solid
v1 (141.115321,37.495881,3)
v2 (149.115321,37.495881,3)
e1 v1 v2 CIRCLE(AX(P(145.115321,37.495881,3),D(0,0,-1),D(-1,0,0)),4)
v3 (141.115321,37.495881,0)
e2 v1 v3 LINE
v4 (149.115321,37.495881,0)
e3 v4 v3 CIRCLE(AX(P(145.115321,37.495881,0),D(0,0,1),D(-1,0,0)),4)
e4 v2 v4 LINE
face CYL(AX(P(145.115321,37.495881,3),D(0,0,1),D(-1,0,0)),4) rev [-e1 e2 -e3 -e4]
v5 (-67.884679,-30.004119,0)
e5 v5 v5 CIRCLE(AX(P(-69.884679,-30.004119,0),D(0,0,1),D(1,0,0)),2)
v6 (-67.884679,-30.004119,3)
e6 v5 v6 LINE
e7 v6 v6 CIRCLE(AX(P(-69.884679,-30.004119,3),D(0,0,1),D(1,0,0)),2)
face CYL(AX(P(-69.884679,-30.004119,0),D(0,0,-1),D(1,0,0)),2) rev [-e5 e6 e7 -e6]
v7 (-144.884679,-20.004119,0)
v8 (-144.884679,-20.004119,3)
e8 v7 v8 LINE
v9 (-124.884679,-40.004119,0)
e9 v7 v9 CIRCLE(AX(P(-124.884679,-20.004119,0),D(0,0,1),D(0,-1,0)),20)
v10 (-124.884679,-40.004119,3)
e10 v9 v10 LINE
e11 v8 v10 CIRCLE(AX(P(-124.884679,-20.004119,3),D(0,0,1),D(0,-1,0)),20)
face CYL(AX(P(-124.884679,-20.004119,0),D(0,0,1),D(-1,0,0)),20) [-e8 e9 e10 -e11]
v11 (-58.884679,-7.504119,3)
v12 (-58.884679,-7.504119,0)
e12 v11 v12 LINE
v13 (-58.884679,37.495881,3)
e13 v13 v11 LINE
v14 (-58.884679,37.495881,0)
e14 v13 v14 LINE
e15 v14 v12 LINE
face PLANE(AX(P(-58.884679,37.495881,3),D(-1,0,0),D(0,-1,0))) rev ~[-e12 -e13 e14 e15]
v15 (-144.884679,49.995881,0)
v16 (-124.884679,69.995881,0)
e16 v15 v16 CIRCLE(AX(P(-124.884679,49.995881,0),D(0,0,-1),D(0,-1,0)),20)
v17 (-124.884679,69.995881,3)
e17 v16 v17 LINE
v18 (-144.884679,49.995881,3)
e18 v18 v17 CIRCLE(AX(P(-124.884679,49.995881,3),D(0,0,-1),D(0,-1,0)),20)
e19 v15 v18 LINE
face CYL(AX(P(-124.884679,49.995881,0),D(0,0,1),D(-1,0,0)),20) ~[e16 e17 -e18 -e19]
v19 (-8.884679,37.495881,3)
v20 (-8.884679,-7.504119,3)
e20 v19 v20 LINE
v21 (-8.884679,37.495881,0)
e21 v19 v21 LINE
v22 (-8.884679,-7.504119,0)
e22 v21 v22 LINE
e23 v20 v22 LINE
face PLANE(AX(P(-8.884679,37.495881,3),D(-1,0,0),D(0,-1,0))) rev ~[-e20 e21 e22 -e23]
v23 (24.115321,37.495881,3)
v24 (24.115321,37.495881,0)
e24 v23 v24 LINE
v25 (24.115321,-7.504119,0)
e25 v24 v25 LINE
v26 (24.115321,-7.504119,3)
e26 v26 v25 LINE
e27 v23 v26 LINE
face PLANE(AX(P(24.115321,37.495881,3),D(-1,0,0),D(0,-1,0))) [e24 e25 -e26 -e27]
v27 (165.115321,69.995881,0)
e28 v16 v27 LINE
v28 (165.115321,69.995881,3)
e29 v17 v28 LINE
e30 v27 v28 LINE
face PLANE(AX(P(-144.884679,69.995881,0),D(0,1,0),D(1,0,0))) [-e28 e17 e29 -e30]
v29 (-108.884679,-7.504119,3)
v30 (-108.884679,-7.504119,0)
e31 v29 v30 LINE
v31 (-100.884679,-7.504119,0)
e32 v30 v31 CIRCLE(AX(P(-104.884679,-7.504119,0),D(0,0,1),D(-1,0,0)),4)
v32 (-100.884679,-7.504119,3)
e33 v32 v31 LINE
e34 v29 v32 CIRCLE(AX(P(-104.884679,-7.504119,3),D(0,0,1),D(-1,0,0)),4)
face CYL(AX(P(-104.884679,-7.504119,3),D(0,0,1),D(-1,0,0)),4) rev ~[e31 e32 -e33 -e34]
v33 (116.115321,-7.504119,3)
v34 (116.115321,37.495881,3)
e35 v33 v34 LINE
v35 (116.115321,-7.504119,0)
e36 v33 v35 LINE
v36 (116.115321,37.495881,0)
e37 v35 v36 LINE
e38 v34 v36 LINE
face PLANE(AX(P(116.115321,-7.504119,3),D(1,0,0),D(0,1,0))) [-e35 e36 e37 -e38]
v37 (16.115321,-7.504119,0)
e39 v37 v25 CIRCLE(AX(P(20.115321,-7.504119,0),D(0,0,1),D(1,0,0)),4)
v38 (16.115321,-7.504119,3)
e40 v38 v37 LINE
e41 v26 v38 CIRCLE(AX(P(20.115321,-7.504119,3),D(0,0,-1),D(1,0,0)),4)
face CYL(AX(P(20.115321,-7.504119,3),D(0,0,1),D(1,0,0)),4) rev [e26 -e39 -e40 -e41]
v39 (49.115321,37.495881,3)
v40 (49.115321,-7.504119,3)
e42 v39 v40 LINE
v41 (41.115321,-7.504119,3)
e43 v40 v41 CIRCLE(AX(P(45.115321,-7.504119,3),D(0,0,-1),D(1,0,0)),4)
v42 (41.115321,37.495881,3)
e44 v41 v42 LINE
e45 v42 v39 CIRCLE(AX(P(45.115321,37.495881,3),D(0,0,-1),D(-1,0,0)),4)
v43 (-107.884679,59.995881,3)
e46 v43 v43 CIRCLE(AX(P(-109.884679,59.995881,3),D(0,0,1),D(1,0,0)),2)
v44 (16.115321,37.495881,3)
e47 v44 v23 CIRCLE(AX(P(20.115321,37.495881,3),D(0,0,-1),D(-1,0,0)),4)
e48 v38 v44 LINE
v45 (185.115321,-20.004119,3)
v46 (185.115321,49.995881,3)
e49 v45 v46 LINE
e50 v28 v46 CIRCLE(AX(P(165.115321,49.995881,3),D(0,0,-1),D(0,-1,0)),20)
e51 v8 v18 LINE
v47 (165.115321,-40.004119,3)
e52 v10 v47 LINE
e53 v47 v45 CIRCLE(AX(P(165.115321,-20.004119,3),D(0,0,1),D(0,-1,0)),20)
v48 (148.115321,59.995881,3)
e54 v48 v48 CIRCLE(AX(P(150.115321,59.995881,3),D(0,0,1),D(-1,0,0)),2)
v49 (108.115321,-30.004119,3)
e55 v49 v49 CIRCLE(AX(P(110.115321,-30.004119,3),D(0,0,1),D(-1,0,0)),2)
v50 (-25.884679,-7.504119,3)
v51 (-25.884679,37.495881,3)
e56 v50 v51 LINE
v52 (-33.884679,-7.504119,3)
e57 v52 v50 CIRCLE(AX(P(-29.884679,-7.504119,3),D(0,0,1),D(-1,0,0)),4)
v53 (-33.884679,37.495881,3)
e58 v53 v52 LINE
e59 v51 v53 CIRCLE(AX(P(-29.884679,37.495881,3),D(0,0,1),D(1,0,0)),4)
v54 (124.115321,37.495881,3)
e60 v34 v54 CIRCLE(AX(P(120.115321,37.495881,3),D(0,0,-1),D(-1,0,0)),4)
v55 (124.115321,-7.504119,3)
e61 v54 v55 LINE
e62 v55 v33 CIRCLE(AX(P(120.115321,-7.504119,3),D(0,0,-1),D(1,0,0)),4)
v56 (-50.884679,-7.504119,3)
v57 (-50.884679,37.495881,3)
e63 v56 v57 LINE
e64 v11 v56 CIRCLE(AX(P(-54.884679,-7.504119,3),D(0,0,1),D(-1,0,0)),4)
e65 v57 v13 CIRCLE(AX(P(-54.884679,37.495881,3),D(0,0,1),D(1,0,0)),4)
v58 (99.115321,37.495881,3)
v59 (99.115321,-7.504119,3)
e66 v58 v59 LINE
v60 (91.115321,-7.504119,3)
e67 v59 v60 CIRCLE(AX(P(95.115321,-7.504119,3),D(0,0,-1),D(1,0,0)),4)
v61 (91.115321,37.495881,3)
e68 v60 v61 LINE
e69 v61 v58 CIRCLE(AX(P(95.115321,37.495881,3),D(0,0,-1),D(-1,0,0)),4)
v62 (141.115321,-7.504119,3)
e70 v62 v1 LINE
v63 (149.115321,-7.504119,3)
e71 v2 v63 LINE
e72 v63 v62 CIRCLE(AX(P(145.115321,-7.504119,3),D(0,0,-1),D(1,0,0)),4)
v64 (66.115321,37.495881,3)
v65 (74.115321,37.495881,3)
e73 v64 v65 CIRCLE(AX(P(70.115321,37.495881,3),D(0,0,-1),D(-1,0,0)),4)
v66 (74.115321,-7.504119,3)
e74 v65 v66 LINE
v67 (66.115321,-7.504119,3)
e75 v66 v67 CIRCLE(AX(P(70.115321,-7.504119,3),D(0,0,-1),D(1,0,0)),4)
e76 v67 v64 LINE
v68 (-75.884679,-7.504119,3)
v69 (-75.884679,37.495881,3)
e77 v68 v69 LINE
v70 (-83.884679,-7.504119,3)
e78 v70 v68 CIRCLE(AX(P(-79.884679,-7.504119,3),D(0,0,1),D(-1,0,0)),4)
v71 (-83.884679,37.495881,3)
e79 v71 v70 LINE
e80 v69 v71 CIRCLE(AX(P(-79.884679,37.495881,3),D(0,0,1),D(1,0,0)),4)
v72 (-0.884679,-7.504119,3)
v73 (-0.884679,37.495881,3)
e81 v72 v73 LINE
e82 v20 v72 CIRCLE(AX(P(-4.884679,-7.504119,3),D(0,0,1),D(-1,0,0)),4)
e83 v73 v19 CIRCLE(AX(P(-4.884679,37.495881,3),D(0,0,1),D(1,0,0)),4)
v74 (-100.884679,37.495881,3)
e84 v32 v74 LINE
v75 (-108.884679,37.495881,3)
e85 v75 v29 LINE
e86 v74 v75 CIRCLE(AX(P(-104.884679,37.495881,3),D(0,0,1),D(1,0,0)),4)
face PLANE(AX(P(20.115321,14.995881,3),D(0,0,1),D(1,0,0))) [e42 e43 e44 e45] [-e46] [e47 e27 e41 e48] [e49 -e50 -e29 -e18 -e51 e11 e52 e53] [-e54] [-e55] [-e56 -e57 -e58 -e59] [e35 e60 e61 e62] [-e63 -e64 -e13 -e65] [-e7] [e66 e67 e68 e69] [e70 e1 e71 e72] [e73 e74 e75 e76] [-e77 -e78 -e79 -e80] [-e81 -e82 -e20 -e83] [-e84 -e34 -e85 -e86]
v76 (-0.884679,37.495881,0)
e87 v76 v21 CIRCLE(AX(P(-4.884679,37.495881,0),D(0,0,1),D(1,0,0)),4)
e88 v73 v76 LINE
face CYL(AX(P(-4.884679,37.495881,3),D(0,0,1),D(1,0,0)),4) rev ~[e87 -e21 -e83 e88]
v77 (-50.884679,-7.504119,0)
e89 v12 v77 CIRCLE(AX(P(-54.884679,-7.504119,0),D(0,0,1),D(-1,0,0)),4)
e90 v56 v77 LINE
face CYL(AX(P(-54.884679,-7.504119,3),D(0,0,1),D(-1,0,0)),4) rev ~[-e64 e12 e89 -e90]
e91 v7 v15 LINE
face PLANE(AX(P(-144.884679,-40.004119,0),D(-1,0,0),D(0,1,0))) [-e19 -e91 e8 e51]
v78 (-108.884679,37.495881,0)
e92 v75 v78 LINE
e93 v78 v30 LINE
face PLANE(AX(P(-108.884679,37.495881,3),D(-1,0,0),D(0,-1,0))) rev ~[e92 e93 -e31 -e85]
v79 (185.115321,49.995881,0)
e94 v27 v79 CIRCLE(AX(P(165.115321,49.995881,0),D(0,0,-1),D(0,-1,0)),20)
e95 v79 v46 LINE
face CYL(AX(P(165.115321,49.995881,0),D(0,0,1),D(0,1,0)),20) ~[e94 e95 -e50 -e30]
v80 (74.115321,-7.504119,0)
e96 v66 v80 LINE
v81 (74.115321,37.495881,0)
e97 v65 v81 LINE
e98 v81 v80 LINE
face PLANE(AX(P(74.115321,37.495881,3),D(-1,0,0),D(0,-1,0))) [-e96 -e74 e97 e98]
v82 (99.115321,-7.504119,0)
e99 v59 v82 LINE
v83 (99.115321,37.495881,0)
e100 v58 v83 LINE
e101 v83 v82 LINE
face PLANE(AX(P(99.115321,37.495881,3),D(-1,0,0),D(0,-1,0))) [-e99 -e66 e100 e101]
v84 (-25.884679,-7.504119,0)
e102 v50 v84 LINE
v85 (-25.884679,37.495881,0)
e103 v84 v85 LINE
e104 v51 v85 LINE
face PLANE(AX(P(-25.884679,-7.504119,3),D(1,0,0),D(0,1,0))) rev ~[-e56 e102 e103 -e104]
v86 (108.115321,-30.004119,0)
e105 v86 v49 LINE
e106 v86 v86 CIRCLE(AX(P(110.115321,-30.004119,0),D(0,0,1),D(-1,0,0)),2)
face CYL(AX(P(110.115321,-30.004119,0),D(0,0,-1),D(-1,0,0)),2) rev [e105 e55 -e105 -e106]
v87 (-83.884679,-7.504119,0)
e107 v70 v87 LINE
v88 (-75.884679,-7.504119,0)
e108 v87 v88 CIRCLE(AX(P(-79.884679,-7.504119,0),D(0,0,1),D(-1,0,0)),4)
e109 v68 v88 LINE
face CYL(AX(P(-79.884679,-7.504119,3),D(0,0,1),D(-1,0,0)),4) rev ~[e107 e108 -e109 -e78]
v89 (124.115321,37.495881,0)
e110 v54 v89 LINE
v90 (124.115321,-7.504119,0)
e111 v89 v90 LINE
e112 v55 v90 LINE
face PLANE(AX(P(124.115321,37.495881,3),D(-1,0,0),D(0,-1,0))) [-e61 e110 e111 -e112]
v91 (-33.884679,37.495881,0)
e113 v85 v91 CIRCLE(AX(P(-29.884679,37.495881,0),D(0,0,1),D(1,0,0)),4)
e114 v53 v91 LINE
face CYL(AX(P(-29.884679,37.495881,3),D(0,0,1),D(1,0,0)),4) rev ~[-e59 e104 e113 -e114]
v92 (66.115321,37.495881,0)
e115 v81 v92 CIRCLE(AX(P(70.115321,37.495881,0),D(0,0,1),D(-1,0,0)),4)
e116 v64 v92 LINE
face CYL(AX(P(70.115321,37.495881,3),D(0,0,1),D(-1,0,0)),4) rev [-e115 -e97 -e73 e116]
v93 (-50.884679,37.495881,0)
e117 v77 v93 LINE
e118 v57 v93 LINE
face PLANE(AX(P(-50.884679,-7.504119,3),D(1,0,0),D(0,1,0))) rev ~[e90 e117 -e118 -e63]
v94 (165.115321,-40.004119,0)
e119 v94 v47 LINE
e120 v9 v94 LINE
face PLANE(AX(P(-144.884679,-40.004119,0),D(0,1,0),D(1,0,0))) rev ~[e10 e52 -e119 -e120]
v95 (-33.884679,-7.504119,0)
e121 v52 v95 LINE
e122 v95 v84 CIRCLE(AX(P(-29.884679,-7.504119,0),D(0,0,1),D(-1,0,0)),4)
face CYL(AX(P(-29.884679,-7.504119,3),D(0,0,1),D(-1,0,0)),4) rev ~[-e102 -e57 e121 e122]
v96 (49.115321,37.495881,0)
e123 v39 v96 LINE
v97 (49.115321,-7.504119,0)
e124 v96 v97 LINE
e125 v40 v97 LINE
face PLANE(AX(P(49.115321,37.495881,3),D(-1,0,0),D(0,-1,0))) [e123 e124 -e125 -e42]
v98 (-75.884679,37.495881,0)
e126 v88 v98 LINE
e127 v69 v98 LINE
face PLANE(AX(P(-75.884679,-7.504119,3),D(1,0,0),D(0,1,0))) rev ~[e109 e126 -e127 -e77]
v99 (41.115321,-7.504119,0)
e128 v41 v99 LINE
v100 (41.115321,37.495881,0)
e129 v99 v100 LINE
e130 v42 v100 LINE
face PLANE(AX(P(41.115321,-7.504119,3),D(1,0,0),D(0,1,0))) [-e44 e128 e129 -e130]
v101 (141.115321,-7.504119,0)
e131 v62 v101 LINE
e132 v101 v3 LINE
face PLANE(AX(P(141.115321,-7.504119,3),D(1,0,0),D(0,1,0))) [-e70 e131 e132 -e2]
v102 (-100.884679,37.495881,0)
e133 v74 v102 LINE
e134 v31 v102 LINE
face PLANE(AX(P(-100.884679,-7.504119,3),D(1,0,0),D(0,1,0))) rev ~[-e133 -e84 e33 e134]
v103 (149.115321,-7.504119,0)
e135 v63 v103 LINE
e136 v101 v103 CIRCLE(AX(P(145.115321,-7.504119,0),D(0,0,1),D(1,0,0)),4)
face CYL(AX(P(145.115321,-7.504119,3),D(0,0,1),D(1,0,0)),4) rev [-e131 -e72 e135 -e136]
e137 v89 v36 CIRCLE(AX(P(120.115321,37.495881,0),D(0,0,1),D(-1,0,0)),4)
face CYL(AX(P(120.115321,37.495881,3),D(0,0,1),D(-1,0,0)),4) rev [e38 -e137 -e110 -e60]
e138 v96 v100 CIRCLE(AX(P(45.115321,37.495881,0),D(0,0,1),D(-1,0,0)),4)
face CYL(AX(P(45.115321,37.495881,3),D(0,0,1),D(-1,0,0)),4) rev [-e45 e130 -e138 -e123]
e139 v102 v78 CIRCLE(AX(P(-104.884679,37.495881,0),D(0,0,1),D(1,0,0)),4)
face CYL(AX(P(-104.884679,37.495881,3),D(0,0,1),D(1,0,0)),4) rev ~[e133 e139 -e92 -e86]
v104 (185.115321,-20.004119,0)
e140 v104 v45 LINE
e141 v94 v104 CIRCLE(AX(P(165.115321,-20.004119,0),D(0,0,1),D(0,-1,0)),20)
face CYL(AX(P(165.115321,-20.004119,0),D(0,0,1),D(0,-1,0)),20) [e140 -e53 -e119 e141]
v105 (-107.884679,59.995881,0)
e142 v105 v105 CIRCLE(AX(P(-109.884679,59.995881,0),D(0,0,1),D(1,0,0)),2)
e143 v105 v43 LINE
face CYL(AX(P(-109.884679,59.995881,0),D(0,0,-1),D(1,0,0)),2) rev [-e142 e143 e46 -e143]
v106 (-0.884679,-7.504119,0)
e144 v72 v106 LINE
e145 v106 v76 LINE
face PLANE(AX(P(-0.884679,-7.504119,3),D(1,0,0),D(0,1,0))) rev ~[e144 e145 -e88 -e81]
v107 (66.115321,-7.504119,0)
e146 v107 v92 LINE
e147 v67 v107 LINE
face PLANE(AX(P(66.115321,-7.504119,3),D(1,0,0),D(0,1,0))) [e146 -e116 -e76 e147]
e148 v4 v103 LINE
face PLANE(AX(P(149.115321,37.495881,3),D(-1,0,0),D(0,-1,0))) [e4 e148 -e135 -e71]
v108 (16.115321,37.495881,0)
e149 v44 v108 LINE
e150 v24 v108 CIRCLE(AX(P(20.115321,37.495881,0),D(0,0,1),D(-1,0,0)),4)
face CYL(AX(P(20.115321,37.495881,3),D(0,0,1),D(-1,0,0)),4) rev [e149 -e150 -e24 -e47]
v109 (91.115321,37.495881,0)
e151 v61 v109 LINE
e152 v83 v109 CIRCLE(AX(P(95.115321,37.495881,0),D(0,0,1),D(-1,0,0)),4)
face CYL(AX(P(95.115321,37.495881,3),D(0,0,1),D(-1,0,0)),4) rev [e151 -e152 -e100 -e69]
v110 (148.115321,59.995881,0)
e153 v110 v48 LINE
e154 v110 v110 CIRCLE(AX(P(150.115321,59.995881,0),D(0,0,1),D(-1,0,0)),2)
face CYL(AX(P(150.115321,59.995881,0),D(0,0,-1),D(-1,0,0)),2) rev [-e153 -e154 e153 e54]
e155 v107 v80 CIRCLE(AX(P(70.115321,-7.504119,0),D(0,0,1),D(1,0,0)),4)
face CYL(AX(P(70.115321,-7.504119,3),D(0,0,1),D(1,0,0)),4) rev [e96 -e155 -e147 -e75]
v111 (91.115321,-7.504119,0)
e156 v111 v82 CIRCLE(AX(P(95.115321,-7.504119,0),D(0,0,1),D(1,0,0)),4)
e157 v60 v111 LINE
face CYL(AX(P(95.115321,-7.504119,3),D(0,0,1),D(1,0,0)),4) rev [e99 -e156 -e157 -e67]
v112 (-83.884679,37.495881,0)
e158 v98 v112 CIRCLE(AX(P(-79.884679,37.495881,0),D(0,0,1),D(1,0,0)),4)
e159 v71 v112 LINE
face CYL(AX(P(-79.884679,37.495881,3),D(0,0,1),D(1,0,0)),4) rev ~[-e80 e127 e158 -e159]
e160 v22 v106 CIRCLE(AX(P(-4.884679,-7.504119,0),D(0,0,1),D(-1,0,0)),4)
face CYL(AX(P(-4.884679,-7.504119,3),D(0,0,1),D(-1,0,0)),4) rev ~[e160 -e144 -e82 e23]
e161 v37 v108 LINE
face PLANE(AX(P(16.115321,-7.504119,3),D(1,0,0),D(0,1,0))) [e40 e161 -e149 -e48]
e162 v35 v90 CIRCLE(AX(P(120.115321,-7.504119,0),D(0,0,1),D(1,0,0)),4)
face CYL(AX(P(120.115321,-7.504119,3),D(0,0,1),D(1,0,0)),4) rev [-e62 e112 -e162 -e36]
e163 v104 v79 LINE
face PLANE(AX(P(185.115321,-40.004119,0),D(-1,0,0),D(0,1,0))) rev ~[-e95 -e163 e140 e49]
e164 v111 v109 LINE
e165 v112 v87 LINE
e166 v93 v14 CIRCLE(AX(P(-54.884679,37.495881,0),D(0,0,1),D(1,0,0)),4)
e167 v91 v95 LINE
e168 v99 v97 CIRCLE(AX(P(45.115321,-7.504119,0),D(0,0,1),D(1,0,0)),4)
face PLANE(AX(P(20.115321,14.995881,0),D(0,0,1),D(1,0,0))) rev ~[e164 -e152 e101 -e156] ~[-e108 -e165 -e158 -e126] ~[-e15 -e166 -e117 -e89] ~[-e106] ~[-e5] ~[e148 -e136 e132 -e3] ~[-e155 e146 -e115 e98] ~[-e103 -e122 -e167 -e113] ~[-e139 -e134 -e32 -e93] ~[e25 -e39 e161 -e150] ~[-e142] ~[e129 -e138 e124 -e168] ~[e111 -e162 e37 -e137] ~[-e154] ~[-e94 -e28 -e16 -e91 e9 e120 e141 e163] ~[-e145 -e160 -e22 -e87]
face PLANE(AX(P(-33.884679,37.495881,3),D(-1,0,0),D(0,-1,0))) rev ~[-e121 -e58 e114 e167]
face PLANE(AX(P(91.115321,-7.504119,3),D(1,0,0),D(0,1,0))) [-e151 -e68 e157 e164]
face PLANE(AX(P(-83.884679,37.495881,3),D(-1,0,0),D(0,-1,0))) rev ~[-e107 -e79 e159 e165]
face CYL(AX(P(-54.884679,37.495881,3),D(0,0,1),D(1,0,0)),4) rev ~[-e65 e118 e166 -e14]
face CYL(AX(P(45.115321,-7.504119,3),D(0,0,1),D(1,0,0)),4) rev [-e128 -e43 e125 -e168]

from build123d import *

# Parameters (mm, degrees)
SKETCH_2_W          = 330
SKETCH_2_H          = 110
SKETCH_2_R          = 2
EXTRUDE_1_DEPTH     = 3
CUT_EXTRUDE_1_DEPTH = 198.929546993
FILLET_1_R          = 20


with BuildPart() as part:
    # 草图2 → 凸台-拉伸1 (new body)
    with BuildSketch(Plane.XY):
        with Locations((20.115321252, 14.995881384)):
            Rectangle(SKETCH_2_W, SKETCH_2_H)
        with Locations((-109.884678748, 59.995881384)):
            Circle(SKETCH_2_R, mode=Mode.SUBTRACT)
        with Locations(Location((150.115321252, 59.995881384, 0), (0, 0, 180))):
            Circle(SKETCH_2_R, mode=Mode.SUBTRACT)
        with Locations((-69.884678748, -30.004118616)):
            Circle(SKETCH_2_R, mode=Mode.SUBTRACT)
        with Locations(Location((110.115321252, -30.004118616, 0), (0, 0, 180))):
            Circle(SKETCH_2_R, mode=Mode.SUBTRACT)
    extrude(amount=EXTRUDE_1_DEPTH)

    # 草图3 → 切除-拉伸1 (cut, through all)
    with BuildSketch(Plane.XY.offset(3)):
        with BuildLine():
            Line((16.115321252, -7.504118616), (16.115321252, 37.495881384))
            ThreePointArc((16.115321252, 37.495881384), (20.115321252, 41.495881384), (24.115321252, 37.495881384))
            Line((24.115321252, 37.495881384), (24.115321252, -7.504118616))
            ThreePointArc((24.115321252, -7.504118616), (20.115321252, -11.504118616), (16.115321252, -7.504118616))
        make_face()
        with BuildLine():
            Line((41.115321252, -7.504118616), (41.115321252, 37.495881384))
            ThreePointArc((41.115321252, 37.495881384), (45.115321252, 41.495881384), (49.115321252, 37.495881384))
            Line((49.115321252, 37.495881384), (49.115321252, -7.504118616))
            ThreePointArc((49.115321252, -7.504118616), (45.115321252, -11.504118616), (41.115321252, -7.504118616))
        make_face()
        with BuildLine():
            Line((66.115321252, -7.504118616), (66.115321252, 37.495881384))
            ThreePointArc((66.115321252, 37.495881384), (70.115321252, 41.495881384), (74.115321252, 37.495881384))
            Line((74.115321252, 37.495881384), (74.115321252, -7.504118616))
            ThreePointArc((74.115321252, -7.504118616), (70.115321252, -11.504118616), (66.115321252, -7.504118616))
        make_face()
        with BuildLine():
            Line((91.115321252, -7.504118616), (91.115321252, 37.495881384))
            ThreePointArc((91.115321252, 37.495881384), (95.115321252, 41.495881384), (99.115321252, 37.495881384))
            Line((99.115321252, 37.495881384), (99.115321252, -7.504118616))
            ThreePointArc((99.115321252, -7.504118616), (95.115321252, -11.504118616), (91.115321252, -7.504118616))
        make_face()
        with BuildLine():
            Line((116.115321252, -7.504118616), (116.115321252, 37.495881384))
            ThreePointArc((116.115321252, 37.495881384), (120.115321252, 41.495881384), (124.115321252, 37.495881384))
            Line((124.115321252, 37.495881384), (124.115321252, -7.504118616))
            ThreePointArc((124.115321252, -7.504118616), (120.115321252, -11.504118616), (116.115321252, -7.504118616))
        make_face()
        with BuildLine():
            Line((141.115321252, -7.504118616), (141.115321252, 37.495881384))
            ThreePointArc((141.115321252, 37.495881384), (145.115321252, 41.495881384), (149.115321252, 37.495881384))
            Line((149.115321252, 37.495881384), (149.115321252, -7.504118616))
            ThreePointArc((149.115321252, -7.504118616), (145.115321252, -11.504118616), (141.115321252, -7.504118616))
        make_face()
        with BuildLine():
            Line((-0.884678748, -7.504118616), (-0.884678748, 37.495881384))
            ThreePointArc((-0.884678748, 37.495881384), (-4.884678748, 41.495881384), (-8.884678748, 37.495881384))
            Line((-8.884678748, 37.495881384), (-8.884678748, -7.504118616))
            ThreePointArc((-8.884678748, -7.504118616), (-4.884678748, -11.504118616), (-0.884678748, -7.504118616))
        make_face()
        with BuildLine():
            Line((-25.884678748, -7.504118616), (-25.884678748, 37.495881384))
            ThreePointArc((-25.884678748, 37.495881384), (-29.884678748, 41.495881384), (-33.884678748, 37.495881384))
            Line((-33.884678748, 37.495881384), (-33.884678748, -7.504118616))
            ThreePointArc((-33.884678748, -7.504118616), (-29.884678748, -11.504118616), (-25.884678748, -7.504118616))
        make_face()
        with BuildLine():
            Line((-50.884678748, -7.504118616), (-50.884678748, 37.495881384))
            ThreePointArc((-50.884678748, 37.495881384), (-54.884678748, 41.495881384), (-58.884678748, 37.495881384))
            Line((-58.884678748, 37.495881384), (-58.884678748, -7.504118616))
            ThreePointArc((-58.884678748, -7.504118616), (-54.884678748, -11.504118616), (-50.884678748, -7.504118616))
        make_face()
        with BuildLine():
            Line((-75.884678748, -7.504118616), (-75.884678748, 37.495881384))
            ThreePointArc((-75.884678748, 37.495881384), (-79.884678748, 41.495881384), (-83.884678748, 37.495881384))
            Line((-83.884678748, 37.495881384), (-83.884678748, -7.504118616))
            ThreePointArc((-83.884678748, -7.504118616), (-79.884678748, -11.504118616), (-75.884678748, -7.504118616))
        make_face()
        with BuildLine():
            Line((-100.884678748, -7.504118616), (-100.884678748, 37.495881384))
            ThreePointArc((-100.884678748, 37.495881384), (-104.884678748, 41.495881384), (-108.884678748, 37.495881384))
            Line((-108.884678748, 37.495881384), (-108.884678748, -7.504118616))
            ThreePointArc((-108.884678748, -7.504118616), (-104.884678748, -11.504118616), (-100.884678748, -7.504118616))
        make_face()
    extrude(amount=-CUT_EXTRUDE_1_DEPTH, mode=Mode.SUBTRACT)

    # 圆角1
    fillet_1_edges = [part.edges().sort_by_distance(p)[0] for p in [
        (-144.884678748, 69.995881384, 1.5),
        (185.115321252, 69.995881384, 1.5),
        (185.115321252, -40.004118616, 1.5),
        (-144.884678748, -40.004118616, 1.5),
    ]]
    fillet(fillet_1_edges, radius=FILLET_1_R)


solid = part.part
